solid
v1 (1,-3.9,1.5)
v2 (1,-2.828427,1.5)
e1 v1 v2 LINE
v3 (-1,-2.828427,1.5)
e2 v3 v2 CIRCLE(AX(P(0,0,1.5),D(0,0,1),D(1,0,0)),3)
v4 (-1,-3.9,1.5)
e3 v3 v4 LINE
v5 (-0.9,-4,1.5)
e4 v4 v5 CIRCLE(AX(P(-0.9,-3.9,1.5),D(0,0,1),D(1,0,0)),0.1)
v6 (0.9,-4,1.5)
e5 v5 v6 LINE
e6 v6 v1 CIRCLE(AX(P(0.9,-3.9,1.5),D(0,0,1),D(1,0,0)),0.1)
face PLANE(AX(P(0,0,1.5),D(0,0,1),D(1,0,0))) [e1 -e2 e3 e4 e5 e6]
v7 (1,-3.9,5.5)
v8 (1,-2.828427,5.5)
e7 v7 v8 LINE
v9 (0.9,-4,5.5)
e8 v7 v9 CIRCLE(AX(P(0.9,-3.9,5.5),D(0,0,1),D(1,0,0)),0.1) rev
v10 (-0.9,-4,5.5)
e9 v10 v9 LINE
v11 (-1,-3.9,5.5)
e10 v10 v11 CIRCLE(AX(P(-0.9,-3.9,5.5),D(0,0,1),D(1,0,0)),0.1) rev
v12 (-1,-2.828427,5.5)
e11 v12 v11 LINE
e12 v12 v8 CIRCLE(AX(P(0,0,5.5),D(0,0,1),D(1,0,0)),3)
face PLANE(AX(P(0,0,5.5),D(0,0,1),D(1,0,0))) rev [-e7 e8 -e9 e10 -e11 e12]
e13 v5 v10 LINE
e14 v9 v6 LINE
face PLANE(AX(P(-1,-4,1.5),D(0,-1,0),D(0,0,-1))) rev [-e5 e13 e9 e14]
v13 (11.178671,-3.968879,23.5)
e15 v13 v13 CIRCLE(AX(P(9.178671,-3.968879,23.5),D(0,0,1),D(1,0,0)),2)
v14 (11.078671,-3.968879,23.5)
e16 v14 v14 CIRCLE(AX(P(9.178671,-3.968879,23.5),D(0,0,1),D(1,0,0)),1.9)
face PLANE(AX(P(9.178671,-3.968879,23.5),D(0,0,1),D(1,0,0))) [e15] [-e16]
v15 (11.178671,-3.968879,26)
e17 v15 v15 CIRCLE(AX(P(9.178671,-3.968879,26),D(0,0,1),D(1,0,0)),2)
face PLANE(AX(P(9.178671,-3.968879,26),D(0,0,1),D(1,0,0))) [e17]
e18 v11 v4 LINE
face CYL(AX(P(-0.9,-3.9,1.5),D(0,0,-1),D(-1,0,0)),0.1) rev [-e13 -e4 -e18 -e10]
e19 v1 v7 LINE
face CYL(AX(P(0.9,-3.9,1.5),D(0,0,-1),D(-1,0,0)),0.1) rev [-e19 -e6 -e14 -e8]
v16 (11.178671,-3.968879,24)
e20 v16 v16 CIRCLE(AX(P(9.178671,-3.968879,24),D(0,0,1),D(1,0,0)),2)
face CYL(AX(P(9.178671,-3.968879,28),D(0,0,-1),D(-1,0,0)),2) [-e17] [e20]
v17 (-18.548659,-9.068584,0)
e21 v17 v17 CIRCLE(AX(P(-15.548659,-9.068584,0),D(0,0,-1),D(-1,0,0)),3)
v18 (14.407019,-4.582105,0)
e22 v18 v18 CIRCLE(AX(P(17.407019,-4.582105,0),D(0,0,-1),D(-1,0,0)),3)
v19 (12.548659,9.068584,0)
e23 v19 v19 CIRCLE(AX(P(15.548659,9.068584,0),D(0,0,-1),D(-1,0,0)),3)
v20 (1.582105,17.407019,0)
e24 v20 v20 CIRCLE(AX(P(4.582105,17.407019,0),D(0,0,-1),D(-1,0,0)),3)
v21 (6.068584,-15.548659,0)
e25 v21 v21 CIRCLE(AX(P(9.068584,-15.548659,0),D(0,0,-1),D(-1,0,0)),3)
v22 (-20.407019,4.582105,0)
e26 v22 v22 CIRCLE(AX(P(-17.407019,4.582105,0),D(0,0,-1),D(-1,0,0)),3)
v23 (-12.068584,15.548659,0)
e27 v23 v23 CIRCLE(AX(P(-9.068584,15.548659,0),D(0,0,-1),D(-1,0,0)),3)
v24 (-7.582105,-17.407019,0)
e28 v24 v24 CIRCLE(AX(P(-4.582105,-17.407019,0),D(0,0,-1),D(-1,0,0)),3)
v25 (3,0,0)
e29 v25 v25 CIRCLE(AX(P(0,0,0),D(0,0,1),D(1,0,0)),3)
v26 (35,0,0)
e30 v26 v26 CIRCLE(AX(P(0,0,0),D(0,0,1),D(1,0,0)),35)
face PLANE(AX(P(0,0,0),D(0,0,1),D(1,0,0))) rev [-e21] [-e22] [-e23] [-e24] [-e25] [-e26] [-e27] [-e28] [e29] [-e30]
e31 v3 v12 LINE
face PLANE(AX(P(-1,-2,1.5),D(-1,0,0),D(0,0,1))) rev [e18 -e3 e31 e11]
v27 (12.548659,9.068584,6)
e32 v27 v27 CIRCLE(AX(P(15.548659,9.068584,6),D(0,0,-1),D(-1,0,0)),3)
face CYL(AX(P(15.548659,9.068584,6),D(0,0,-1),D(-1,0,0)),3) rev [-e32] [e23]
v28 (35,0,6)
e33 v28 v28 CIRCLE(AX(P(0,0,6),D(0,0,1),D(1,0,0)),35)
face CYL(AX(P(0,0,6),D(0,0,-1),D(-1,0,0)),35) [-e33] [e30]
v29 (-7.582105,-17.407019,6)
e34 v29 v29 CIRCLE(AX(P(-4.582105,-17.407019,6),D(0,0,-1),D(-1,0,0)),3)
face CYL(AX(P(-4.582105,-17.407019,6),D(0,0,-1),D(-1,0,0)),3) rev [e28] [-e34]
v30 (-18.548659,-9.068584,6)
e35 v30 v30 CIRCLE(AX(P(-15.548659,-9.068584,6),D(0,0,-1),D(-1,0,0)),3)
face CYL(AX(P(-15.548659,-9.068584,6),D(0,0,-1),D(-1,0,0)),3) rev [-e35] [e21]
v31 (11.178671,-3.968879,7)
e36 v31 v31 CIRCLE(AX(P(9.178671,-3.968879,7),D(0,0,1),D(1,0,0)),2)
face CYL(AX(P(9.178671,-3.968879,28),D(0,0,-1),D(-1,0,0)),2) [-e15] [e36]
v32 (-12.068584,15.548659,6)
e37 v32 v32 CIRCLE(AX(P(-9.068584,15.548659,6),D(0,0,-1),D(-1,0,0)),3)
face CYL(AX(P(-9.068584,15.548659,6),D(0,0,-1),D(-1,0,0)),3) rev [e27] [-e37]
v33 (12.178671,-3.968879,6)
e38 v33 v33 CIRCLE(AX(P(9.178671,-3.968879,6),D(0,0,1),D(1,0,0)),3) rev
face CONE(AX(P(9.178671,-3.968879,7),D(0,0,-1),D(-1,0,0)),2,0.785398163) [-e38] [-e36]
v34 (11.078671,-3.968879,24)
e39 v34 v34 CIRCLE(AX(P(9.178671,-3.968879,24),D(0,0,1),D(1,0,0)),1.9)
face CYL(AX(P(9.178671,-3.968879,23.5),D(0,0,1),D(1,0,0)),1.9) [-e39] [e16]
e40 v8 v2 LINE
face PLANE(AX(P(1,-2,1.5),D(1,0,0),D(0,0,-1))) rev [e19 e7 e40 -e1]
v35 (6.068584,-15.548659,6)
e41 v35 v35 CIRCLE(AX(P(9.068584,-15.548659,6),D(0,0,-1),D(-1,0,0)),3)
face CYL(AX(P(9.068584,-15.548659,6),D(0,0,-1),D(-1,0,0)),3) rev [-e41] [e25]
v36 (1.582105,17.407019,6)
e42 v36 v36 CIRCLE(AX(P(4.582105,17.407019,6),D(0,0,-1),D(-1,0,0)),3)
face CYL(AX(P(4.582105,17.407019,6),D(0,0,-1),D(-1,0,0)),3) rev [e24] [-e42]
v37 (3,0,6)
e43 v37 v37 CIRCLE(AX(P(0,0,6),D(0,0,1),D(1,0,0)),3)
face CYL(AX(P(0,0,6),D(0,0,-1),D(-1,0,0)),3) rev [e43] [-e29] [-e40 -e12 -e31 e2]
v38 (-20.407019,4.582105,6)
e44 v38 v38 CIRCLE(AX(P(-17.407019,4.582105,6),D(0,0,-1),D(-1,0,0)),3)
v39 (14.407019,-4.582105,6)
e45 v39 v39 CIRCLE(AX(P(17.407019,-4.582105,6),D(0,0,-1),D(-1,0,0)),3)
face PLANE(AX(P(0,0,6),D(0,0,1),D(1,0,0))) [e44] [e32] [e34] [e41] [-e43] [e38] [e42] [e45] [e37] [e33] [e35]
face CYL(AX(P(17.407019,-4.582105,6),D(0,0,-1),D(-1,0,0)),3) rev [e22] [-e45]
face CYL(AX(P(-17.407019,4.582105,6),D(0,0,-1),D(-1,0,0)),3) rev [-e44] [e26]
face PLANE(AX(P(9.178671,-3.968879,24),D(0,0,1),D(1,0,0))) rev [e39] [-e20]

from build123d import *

# Parameters (mm, degrees)
SKETCH_1_R          = 35
SKETCH_1_R_2        = 3
EXTRUDE_1_DEPTH     = 6
SKETCH_3_R          = 3
CUT_EXTRUDE_2_DEPTH = 50.859803449
SKETCH_4_R          = 2
EXTRUDE_2_DEPTH     = 22
SKETCH_7_R          = 4
EXTRUDE_3_DEPTH     = 2
CHAMFER_1_SIZE      = 1
CUT_EXTRUDE_START   = -0.5
SKETCH_9_W          = 2
SKETCH_9_H          = 2
CUT_EXTRUDE_5_DEPTH = 4
FILLET_1_R          = 0.1
SKETCH_12_R         = 4
CUT_EXTRUDE_6_DEPTH = 2
CUT_EXTRUDE_START_2 = -2.5
SKETCH_13_R         = 2
SKETCH_13_R_2       = 1.9
CUT_EXTRUDE_7_DEPTH = 0.5


with BuildPart() as part:
    # 草图1 → 凸台-拉伸1 (new body)
    with BuildSketch(Plane.XY):
        Circle(SKETCH_1_R)
        Circle(SKETCH_1_R_2, mode=Mode.SUBTRACT)
    extrude(amount=EXTRUDE_1_DEPTH)

    # 草图3 → 切除-拉伸2 (cut, through all)
    with BuildSketch(Plane(origin=(0, 0, 0), x_dir=(-1, 0, 0), z_dir=(0, 0, -1))):
        with Locations((-4.582105158, 17.407019053)):
            Circle(SKETCH_3_R)
        with Locations((9.068583583, 15.548658842)):
            Circle(SKETCH_3_R)
        with Locations((17.407019053, 4.582105158)):
            Circle(SKETCH_3_R)
        with Locations((15.548658842, -9.068583583)):
            Circle(SKETCH_3_R)
        with Locations((4.582105158, -17.407019053)):
            Circle(SKETCH_3_R)
        with Locations((-9.068583583, -15.548658842)):
            Circle(SKETCH_3_R)
        with Locations((-17.407019053, -4.582105158)):
            Circle(SKETCH_3_R)
        with Locations((-15.548658842, 9.068583583)):
            Circle(SKETCH_3_R)
    extrude(amount=-CUT_EXTRUDE_2_DEPTH, mode=Mode.SUBTRACT)

    # 草图4 → 凸台-拉伸2 (add)
    with BuildSketch(Plane.XY.offset(6)):
        with Locations((9.178670771, -3.968879298)):
            Circle(SKETCH_4_R)
    extrude(amount=EXTRUDE_2_DEPTH)

    # 草图7 → 凸台-拉伸3 (add)
    with BuildSketch(Plane.XY.offset(28)):
        with Locations((9.178670771, -3.968879298)):
            Circle(SKETCH_7_R)
    extrude(amount=-EXTRUDE_3_DEPTH)

    # 倒角1
    chamfer_1_edges = [part.edges().sort_by_distance(p)[0] for p in [
        (7.178670771, -3.968879298, 6),
    ]]
    chamfer(chamfer_1_edges, length=CHAMFER_1_SIZE)

    # 草图9 → 切除-拉伸5 (cut)
    with BuildSketch(Plane.XY.offset(6).offset(CUT_EXTRUDE_START)):
        with Locations((0, -3)):
            Rectangle(SKETCH_9_W, SKETCH_9_H)
    extrude(amount=-CUT_EXTRUDE_5_DEPTH, mode=Mode.SUBTRACT)

    # 圆角1
    fillet_1_edges = [part.edges().sort_by_distance(p)[0] for p in [
        (1, -4, 3.5),
        (-1, -4, 3.5),
    ]]
    fillet(fillet_1_edges, radius=FILLET_1_R)

    # 草图12 → 切除-拉伸6 (cut)
    with BuildSketch(Plane.XY.offset(28)):
        with Locations((9.178670771, -3.968879298)):
            Circle(SKETCH_12_R)
    extrude(amount=-CUT_EXTRUDE_6_DEPTH, mode=Mode.SUBTRACT)

    # 草图13 → 切除-拉伸7 (cut)
    with BuildSketch(Plane.XY.offset(26).offset(CUT_EXTRUDE_START_2)):
        with Locations((9.178670771, -3.968879298)):
            Circle(SKETCH_13_R)
        with Locations((9.178670771, -3.968879298)):
            Circle(SKETCH_13_R_2, mode=Mode.SUBTRACT)
    extrude(amount=CUT_EXTRUDE_7_DEPTH, mode=Mode.SUBTRACT)


solid = part.part
